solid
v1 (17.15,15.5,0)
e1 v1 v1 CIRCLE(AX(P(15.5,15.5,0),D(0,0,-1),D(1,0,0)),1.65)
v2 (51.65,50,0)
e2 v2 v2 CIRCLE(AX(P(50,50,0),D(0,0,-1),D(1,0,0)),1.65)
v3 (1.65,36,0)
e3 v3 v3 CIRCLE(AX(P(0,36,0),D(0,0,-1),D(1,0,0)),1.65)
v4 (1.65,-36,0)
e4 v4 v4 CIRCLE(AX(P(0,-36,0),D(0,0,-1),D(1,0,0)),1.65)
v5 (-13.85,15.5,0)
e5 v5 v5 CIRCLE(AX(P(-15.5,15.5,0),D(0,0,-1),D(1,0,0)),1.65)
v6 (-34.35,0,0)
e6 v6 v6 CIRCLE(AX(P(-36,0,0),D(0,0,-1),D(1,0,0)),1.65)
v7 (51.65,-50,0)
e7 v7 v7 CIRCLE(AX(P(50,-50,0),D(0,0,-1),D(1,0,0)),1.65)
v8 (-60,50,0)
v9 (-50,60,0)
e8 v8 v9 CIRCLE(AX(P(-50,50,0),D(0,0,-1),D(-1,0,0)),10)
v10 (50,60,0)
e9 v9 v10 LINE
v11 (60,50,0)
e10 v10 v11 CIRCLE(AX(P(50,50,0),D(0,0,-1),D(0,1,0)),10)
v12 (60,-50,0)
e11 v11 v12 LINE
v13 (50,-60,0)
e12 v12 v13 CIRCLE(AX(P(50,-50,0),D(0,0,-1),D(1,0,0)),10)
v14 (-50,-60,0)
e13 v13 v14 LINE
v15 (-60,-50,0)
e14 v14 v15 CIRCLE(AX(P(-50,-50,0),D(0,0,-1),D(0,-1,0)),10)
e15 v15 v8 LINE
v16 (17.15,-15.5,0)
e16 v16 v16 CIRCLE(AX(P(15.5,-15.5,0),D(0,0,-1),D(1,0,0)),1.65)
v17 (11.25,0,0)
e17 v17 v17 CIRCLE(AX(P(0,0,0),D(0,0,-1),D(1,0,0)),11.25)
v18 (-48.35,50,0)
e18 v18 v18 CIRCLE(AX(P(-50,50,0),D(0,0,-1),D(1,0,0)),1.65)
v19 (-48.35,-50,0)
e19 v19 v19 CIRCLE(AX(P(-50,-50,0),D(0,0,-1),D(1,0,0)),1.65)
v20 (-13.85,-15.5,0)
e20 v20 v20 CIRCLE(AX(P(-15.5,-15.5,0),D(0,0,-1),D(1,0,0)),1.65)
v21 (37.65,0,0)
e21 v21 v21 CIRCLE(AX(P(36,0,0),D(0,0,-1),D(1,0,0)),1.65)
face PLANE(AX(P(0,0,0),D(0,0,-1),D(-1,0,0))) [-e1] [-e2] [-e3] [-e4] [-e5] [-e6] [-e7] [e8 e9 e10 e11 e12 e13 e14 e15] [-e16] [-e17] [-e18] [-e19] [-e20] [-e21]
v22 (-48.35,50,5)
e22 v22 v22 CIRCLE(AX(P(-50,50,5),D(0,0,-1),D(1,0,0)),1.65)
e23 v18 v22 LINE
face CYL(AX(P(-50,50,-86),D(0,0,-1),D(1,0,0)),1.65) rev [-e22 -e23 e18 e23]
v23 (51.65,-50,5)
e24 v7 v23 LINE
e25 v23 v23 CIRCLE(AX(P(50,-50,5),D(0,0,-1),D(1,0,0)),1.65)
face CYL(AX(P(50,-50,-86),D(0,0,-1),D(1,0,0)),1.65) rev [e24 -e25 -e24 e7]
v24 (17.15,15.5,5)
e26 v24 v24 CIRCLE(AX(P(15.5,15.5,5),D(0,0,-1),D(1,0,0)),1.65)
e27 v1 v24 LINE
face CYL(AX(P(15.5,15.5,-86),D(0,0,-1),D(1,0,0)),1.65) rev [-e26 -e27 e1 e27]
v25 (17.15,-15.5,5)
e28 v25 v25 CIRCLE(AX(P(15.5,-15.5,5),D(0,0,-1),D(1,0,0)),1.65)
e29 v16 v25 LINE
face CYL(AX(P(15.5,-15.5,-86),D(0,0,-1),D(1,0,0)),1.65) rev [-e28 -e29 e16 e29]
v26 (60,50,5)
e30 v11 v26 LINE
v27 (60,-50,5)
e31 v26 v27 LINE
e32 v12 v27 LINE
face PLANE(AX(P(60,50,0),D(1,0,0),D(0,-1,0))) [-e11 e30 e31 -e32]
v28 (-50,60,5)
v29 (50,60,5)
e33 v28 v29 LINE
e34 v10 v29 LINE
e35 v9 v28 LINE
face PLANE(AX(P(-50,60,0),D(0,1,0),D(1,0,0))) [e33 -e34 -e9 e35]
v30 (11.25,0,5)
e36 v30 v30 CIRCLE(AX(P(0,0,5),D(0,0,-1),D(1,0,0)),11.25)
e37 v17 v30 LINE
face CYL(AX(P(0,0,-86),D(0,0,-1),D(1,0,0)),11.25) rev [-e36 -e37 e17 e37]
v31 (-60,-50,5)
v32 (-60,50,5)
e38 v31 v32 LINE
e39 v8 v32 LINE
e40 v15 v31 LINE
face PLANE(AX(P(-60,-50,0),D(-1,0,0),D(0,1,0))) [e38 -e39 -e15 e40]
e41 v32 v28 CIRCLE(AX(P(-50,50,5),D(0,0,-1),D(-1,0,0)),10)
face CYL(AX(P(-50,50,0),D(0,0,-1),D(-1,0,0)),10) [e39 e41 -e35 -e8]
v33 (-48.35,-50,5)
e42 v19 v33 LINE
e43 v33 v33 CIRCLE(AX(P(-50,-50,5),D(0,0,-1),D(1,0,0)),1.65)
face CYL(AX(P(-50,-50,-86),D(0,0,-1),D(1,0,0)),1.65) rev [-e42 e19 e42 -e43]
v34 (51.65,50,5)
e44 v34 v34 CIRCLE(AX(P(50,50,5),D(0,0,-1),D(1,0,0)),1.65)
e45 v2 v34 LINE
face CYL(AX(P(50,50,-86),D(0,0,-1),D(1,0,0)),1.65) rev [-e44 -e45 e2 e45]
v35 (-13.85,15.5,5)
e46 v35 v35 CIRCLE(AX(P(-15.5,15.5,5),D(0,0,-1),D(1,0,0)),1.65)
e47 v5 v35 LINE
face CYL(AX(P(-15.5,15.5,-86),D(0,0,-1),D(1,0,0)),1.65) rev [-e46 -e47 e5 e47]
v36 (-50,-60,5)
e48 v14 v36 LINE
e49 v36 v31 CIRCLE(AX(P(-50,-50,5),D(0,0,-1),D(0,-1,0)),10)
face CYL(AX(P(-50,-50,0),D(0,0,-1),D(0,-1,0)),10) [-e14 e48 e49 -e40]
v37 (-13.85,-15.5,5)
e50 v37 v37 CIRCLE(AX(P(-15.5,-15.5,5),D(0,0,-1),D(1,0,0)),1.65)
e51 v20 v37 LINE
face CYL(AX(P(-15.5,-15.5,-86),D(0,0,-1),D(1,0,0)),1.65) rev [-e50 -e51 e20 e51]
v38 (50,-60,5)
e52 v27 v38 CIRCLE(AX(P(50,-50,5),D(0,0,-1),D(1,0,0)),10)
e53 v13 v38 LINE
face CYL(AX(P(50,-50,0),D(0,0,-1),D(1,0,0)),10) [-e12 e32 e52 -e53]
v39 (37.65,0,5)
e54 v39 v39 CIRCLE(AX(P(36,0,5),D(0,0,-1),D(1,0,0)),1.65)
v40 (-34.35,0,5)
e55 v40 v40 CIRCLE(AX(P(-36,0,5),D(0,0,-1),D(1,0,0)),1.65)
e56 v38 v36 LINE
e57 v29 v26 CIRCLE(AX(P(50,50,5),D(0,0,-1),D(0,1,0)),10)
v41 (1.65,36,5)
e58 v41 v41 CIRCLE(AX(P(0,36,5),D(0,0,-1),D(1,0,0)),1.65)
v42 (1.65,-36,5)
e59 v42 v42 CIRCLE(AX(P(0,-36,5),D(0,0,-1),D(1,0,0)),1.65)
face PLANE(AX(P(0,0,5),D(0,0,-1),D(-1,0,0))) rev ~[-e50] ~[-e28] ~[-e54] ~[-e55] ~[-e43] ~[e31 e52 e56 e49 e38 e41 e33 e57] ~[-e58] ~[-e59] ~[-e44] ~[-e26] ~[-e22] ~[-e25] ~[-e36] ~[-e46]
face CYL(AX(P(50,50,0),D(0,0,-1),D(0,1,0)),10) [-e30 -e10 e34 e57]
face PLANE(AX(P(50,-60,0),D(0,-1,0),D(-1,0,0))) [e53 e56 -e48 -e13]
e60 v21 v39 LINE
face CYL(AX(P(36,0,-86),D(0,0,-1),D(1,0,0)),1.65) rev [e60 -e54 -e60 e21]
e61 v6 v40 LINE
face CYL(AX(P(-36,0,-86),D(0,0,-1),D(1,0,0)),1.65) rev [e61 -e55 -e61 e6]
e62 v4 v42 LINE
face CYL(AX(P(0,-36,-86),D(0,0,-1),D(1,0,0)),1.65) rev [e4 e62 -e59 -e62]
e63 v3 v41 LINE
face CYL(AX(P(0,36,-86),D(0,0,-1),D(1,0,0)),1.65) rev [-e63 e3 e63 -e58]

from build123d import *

# Parameters (mm, degrees)
PLASTINA_DEPTH        = 5
OTVERSTIYA_DEPTH      = 86
OTVERSTIYA_DEPTH_BACK = 86
ESKIZ_OTVERSTIYA_R    = 1.65
ESKIZ_OTVERSTIYA_R_2  = 11.25


with BuildPart() as part:
    # Eskiz_kontur → Plastina (new body)
    with BuildSketch(Plane.XY):
        with BuildLine():
            Line((-60, -50), (-60, 50))
            ThreePointArc((-60, 50), (-57.071067812, 57.071067812), (-50, 60))
            Line((-50, 60), (50, 60))
            ThreePointArc((50, 60), (57.071067812, 57.071067812), (60, 50))
            Line((60, 50), (60, -50))
            ThreePointArc((60, -50), (57.071067812, -57.071067812), (50, -60))
            Line((50, -60), (-50, -60))
            ThreePointArc((-50, -60), (-57.071067812, -57.071067812), (-60, -50))
        make_face()
    extrude(amount=PLASTINA_DEPTH)

    # Eskiz_otverstiya → Otverstiya (cut, two sides: drawn at the far end of the back side and taken through both)
    with BuildSketch(Plane.XY.offset(-OTVERSTIYA_DEPTH_BACK)):
        with Locations((-50, -50)):
            Circle(ESKIZ_OTVERSTIYA_R)
        with Locations((0, -36)):
            Circle(ESKIZ_OTVERSTIYA_R)
        with Locations((-15.5, -15.5)):
            Circle(ESKIZ_OTVERSTIYA_R)
        Circle(ESKIZ_OTVERSTIYA_R_2)
        with Locations((50, -50)):
            Circle(ESKIZ_OTVERSTIYA_R)
        with Locations((15.5, -15.5)):
            Circle(ESKIZ_OTVERSTIYA_R)
        with Locations((36, 0)):
            Circle(ESKIZ_OTVERSTIYA_R)
        with Locations((-36, 0)):
            Circle(ESKIZ_OTVERSTIYA_R)
        with Locations((-15.5, 15.5)):
            Circle(ESKIZ_OTVERSTIYA_R)
        with Locations((-50, 50)):
            Circle(ESKIZ_OTVERSTIYA_R)
        with Locations((0, 36)):
            Circle(ESKIZ_OTVERSTIYA_R)
        with Locations((15.5, 15.5)):
            Circle(ESKIZ_OTVERSTIYA_R)
        with Locations((50, 50)):
            Circle(ESKIZ_OTVERSTIYA_R)
    extrude(amount=OTVERSTIYA_DEPTH + OTVERSTIYA_DEPTH_BACK, mode=Mode.SUBTRACT)


solid = part.part
